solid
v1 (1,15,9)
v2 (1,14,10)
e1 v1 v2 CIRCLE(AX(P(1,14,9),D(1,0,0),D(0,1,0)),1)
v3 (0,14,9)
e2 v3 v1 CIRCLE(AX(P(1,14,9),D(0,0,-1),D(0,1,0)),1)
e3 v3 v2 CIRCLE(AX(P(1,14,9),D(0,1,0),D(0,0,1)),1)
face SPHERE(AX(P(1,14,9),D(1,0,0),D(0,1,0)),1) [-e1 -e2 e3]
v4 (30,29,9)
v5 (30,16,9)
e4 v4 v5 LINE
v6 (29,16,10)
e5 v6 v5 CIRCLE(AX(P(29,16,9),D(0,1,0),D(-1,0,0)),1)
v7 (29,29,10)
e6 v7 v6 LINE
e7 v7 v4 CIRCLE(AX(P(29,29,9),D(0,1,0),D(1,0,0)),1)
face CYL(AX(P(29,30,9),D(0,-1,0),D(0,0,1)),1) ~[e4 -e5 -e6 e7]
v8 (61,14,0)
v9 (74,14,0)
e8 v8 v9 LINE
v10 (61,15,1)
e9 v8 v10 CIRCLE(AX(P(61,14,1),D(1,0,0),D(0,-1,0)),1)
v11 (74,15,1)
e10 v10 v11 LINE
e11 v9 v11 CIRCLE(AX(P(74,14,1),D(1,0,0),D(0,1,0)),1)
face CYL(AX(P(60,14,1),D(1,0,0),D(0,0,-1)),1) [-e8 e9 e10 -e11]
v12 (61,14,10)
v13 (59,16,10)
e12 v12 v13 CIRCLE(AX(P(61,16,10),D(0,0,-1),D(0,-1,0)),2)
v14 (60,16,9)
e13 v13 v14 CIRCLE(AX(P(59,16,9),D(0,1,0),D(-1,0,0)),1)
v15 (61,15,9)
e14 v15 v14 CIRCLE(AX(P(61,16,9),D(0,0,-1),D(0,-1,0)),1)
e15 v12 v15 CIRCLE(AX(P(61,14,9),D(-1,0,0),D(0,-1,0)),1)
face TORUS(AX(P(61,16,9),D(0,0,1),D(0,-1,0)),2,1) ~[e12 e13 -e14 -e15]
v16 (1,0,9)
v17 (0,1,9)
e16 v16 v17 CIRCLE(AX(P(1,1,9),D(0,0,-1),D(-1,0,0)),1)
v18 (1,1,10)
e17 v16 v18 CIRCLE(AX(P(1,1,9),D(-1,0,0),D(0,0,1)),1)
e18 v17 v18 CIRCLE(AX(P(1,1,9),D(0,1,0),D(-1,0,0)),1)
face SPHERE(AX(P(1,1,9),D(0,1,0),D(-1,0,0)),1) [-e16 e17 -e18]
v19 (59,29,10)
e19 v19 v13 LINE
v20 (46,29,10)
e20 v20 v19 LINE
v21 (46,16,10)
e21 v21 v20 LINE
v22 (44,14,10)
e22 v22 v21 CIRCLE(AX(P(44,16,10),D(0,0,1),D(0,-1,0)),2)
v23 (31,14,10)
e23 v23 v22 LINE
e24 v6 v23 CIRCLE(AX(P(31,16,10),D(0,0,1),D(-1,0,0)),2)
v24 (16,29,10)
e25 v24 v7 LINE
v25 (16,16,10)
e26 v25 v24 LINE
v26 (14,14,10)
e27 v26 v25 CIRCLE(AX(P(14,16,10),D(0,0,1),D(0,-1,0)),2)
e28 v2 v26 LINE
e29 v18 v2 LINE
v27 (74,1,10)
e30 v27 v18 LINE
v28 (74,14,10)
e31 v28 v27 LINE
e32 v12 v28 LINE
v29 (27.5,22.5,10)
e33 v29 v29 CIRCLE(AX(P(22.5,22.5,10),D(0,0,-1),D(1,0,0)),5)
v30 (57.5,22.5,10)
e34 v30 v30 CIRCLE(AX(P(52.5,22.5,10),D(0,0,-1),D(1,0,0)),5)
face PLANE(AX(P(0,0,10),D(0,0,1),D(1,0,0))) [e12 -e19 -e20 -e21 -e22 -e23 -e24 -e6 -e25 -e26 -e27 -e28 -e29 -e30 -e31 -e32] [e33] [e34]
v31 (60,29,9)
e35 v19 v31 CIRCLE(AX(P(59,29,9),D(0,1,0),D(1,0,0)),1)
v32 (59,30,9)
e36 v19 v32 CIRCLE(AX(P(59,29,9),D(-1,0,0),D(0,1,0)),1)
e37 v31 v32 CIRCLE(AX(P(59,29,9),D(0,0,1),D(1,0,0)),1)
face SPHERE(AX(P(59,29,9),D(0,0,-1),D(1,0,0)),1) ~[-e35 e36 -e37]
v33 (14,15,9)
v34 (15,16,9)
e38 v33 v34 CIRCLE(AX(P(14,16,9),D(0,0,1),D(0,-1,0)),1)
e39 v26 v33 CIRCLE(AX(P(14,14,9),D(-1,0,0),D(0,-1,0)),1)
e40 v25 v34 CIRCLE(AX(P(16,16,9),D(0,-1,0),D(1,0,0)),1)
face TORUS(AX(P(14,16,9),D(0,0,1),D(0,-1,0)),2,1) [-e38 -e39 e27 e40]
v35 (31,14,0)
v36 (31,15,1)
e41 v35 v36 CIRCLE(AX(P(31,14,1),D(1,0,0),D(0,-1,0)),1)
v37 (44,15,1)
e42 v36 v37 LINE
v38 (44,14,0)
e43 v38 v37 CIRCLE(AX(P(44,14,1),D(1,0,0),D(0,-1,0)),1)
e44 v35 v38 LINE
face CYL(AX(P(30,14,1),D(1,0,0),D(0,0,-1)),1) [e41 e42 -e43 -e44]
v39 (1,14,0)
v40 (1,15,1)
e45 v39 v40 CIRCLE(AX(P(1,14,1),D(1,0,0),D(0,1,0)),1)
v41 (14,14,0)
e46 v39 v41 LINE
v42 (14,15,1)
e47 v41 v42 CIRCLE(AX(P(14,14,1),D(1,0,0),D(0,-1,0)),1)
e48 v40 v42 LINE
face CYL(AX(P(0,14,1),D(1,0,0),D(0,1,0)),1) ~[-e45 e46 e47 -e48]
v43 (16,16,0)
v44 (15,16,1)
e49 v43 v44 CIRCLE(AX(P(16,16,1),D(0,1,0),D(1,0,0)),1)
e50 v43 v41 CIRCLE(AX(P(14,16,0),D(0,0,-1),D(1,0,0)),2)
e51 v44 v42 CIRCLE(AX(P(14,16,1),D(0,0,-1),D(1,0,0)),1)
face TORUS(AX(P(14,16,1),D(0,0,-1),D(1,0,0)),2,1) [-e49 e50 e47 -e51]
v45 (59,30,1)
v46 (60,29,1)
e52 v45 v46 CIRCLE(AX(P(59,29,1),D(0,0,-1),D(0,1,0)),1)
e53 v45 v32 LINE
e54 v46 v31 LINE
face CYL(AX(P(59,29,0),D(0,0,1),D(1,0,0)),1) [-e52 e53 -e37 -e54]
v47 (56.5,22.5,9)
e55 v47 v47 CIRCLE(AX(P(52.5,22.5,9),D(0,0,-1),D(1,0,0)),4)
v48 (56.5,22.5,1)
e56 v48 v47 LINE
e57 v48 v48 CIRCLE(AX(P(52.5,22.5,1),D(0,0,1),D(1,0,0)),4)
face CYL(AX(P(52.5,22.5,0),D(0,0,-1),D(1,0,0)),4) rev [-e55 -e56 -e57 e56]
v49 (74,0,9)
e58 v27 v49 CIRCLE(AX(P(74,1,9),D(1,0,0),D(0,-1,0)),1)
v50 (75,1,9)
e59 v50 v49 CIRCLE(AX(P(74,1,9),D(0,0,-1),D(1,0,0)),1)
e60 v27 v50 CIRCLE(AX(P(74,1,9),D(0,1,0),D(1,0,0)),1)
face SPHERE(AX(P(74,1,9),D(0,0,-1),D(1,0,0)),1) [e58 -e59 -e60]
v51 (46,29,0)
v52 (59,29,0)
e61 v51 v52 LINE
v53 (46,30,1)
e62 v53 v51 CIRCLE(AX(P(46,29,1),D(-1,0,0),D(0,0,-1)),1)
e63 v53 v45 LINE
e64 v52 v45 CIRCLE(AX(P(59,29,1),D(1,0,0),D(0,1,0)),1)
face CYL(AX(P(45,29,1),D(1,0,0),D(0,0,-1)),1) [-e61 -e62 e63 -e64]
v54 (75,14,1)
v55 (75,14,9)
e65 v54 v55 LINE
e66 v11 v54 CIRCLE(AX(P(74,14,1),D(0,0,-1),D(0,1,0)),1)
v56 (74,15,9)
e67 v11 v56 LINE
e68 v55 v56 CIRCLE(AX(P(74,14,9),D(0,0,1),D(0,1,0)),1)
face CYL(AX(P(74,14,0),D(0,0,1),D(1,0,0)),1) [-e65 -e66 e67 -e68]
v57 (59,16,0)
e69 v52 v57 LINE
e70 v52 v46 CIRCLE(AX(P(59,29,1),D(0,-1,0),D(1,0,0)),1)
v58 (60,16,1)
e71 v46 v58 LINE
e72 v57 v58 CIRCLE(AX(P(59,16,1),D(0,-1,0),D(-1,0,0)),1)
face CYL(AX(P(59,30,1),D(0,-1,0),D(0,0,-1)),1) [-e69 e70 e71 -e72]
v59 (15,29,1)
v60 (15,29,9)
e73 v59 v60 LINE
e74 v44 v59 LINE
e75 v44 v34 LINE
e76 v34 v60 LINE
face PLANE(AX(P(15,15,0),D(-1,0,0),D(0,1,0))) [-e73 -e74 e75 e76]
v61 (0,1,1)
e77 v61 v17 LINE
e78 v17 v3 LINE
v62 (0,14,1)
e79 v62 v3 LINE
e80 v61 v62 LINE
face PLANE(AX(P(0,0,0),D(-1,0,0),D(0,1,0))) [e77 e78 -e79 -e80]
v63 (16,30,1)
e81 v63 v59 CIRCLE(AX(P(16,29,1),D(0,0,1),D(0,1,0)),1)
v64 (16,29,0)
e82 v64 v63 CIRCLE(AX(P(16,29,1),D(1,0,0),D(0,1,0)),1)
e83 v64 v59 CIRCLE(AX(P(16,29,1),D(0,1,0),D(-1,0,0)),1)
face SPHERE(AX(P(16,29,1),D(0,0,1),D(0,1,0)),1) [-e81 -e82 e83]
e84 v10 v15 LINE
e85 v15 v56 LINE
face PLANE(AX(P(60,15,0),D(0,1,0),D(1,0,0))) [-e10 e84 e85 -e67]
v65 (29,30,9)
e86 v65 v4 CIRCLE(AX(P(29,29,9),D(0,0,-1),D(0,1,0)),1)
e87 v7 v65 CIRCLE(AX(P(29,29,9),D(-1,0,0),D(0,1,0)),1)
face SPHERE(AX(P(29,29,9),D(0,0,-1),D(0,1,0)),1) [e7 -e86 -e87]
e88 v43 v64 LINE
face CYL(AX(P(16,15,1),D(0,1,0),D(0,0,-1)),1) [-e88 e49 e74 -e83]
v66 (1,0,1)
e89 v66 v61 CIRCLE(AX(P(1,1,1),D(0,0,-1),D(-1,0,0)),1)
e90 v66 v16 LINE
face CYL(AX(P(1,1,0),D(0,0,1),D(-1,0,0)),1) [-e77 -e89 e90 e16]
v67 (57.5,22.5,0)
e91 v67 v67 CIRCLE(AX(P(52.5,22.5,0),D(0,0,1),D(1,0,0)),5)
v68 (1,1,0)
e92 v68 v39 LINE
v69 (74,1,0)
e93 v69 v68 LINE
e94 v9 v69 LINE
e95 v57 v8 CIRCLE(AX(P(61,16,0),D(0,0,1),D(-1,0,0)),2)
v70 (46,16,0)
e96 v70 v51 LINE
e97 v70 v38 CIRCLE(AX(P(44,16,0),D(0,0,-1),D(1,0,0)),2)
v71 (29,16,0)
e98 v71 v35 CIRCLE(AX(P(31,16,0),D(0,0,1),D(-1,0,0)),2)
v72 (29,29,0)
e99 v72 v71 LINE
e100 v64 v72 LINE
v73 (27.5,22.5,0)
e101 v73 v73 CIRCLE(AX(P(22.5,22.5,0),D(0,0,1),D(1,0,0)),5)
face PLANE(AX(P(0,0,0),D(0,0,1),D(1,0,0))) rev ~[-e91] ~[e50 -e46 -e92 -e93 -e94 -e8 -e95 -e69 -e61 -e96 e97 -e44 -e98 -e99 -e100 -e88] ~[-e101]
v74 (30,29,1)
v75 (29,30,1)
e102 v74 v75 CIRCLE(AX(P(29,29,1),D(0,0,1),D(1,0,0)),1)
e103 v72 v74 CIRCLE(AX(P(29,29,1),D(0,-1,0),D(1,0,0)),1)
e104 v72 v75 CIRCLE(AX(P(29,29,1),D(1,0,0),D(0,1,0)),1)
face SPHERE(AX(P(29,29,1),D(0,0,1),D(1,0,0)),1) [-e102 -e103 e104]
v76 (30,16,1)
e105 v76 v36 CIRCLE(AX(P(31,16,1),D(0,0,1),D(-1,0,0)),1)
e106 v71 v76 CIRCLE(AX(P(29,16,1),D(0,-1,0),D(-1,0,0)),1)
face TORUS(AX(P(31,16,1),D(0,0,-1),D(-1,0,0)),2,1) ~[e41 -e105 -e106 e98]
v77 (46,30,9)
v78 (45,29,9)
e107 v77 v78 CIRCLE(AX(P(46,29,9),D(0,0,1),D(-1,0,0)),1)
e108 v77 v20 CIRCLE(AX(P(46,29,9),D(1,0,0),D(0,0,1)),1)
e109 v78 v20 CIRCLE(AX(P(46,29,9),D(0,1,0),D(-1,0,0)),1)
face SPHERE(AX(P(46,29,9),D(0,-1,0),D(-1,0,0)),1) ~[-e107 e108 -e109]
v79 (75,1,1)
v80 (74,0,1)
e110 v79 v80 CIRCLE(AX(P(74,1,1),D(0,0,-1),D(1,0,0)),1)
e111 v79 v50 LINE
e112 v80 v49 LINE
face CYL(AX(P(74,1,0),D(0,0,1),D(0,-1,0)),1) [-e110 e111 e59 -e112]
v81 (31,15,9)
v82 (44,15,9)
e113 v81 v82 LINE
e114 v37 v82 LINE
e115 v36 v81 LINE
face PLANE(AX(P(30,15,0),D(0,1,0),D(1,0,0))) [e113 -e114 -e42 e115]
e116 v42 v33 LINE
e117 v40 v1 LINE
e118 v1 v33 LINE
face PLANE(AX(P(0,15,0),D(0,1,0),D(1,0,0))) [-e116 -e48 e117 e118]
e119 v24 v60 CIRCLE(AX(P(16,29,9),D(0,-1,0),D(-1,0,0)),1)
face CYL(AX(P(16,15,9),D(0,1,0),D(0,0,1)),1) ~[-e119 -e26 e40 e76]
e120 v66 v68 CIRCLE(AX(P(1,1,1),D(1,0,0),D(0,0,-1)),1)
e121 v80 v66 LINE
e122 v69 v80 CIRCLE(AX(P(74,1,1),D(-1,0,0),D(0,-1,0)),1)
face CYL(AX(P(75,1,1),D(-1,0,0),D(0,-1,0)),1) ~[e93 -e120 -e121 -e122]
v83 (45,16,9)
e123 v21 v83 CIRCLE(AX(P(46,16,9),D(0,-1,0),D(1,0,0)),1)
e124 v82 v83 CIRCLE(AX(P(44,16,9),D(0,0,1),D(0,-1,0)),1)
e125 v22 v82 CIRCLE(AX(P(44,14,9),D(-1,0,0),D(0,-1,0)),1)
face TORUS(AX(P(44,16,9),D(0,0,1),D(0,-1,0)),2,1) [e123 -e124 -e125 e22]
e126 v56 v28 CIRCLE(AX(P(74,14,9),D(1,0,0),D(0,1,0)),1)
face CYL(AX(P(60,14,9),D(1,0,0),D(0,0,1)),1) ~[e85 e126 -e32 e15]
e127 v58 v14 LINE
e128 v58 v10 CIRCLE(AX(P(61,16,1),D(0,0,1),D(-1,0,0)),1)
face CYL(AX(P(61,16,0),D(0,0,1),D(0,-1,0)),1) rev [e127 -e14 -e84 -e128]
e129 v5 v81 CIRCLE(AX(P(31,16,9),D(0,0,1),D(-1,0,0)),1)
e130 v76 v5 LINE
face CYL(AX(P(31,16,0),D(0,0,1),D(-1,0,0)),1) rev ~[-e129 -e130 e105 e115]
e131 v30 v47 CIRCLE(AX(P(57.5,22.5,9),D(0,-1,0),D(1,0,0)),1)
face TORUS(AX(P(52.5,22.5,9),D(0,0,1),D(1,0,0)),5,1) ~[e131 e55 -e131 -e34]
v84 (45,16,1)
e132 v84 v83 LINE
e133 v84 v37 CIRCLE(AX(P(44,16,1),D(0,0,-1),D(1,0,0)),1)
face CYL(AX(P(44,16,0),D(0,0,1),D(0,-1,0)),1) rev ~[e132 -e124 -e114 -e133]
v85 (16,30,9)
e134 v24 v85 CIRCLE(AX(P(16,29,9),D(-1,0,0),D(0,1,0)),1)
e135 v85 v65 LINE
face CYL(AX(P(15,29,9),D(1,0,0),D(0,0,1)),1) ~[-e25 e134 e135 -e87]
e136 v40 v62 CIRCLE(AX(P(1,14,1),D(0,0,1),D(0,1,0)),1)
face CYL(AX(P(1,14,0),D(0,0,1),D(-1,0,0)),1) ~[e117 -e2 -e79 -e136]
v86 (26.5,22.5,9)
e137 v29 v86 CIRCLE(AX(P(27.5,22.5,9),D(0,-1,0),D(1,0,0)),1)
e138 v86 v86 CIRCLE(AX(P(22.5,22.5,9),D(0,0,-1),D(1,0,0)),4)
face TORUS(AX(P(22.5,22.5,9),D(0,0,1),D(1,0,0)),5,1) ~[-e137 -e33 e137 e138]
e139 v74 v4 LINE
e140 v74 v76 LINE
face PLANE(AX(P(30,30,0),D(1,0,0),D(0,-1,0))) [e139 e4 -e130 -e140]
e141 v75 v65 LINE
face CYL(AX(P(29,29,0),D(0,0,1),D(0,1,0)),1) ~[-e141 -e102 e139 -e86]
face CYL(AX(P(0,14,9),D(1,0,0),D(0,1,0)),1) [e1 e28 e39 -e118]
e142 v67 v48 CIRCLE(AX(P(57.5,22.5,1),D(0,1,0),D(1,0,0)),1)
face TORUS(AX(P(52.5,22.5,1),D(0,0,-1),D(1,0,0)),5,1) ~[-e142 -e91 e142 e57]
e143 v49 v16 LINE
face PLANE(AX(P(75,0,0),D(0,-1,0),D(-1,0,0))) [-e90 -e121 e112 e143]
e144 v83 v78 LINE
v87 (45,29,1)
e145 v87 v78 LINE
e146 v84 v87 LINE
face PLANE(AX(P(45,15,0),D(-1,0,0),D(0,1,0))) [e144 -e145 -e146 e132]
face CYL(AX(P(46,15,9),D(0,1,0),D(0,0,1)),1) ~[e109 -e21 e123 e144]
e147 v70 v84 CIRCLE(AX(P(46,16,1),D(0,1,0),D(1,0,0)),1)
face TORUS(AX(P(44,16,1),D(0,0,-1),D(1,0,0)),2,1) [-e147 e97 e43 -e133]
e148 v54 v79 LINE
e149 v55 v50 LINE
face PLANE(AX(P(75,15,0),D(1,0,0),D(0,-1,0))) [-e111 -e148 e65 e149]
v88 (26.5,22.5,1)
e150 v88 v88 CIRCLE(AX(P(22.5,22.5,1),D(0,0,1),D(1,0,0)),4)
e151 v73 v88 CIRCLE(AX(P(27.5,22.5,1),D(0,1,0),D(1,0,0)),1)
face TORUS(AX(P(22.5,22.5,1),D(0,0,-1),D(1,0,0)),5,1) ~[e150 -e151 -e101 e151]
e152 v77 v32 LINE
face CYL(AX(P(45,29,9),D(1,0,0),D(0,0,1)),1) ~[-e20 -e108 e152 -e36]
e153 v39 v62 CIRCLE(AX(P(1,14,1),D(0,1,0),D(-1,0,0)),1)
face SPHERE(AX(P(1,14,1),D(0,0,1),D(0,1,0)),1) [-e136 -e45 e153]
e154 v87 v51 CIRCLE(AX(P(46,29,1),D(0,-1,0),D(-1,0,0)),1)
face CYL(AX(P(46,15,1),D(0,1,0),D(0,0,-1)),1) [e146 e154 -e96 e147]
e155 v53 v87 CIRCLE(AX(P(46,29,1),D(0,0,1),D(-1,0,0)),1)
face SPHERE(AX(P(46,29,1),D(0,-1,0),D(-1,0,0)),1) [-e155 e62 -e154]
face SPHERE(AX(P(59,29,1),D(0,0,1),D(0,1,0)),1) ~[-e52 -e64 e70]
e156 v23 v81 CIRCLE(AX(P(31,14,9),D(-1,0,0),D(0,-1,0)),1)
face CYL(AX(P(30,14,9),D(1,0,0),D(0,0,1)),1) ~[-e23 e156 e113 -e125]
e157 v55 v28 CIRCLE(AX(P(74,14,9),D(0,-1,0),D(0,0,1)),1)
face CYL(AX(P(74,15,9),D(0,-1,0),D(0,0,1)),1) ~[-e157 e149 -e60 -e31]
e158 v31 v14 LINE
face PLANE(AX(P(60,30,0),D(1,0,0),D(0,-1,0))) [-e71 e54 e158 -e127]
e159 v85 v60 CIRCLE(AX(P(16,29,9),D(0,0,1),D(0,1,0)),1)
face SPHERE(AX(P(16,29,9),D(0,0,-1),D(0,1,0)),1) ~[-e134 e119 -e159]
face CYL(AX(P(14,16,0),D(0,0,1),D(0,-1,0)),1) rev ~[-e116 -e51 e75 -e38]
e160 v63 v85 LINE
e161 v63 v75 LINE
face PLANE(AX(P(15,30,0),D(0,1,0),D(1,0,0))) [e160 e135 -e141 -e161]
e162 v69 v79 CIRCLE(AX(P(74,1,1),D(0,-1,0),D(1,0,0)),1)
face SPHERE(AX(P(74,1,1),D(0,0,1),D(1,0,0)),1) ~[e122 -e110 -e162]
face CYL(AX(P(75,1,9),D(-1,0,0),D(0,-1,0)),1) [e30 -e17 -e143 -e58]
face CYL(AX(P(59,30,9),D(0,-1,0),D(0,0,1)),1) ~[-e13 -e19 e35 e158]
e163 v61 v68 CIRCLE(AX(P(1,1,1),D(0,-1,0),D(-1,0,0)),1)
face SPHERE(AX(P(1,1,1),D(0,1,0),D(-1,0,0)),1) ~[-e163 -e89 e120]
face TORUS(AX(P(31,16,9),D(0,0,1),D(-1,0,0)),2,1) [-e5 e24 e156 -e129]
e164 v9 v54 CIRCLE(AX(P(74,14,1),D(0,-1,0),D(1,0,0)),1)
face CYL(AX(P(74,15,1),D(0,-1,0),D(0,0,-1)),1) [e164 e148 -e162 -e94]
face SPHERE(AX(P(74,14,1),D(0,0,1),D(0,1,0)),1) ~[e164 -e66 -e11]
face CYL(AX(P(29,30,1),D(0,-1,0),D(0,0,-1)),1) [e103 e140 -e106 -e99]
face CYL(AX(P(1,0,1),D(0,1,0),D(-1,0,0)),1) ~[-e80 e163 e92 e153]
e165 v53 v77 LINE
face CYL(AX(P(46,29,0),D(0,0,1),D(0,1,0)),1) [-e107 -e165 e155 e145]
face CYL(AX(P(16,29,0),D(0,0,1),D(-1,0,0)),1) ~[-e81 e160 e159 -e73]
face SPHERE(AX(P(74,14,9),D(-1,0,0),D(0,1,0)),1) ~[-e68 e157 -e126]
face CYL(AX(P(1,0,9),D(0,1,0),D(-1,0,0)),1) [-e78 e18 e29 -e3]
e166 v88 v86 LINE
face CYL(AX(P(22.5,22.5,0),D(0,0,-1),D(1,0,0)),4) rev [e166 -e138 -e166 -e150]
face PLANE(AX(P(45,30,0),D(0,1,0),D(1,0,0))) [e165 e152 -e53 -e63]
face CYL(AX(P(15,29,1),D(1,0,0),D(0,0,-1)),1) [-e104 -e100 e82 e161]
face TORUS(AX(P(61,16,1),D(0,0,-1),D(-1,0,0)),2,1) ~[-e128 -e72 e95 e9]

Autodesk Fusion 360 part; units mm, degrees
sketch "Sketch1" plane through (0, 0, 0) normal (0, 1, 0) x (1, 0, 0)
sketch "Sketch2" plane through (0, 0, 0) normal (0, 0, 1) x (1, 0, 0)
  line L0 (0, 0) -> (0, 15)
  line L1 (0, 15) -> (15, 15)
  line L2 (15, 15) -> (15, 30)
  line L3 (15, 30) -> (30, 30)
  line L4 (30, 30) -> (30, 15)
  line L5 (30, 15) -> (45, 15)
  line L6 (45, 15) -> (45, 30)
  line L7 (45, 30) -> (60, 30)
  line L8 (60, 30) -> (60, 15)
  line L9 (60, 15) -> (75, 15)
  line L10 (75, 15) -> (75, 0)
  line L11 (75, 0) -> (0, 0)
extrude "Extrude1" add sketch "Sketch2" along normal blind 10
sketch "Sketch3" plane through (0, 0, 0) normal (0, 0, 1) x (1, 0, 0)
  circle A0 centre (22.5, 22.5) radius 4
  circle A1 centre (52.5, 22.5) radius 4
  point P0 (15, 30)
  dimension "d3" = 8
  dimension "d4" = 7.5
  dimension "d5" = 7.5
  dimension "d8" = 30
  dimension "d9" = 0
extrude "Extrude2" cut sketch "Sketch3" along normal blind 26
fillet "Fillet1" radius 1 40 edges at (60, 30, 5) (30, 30, 5) (7.5, 15, 10) (15, 30, 5) (30, 22.5, 0) (60, 22.5, 10) (45, 22.5, 0) (37.5, 15, 0) (18.7707, 21.0535, 0) (48.7707, 21.0535, 0) (45, 22.5, 10) (22.5, 30, 10) (45, 30, 5) (30, 15, 5) (45, 15, 5) (30, 22.5, 10) (52.5, 30, 10) (15, 22.5, 10) (37.5, 15, 10) (15, 15, 5) (0, 15, 5) (22.5, 30, 0) (60, 15, 5) (52.5, 30, 0) (67.5, 15, 10) (60, 22.5, 0) (15, 22.5, 0) (7.5, 15, 0) (75, 15, 5) (0, 7.5, 10) (67.5, 15, 0) (0, 7.5, 0) (75, 0, 5) (75, 7.5, 0) (0, 0, 5) (75, 7.5, 10) (37.5, 0, 10) (18.7707, 23.9465, 10) (37.5, 0, 0) (48.7707, 23.9465, 10) 16 faces at (50, 30, 3.3333) (56.4801, 22.8983, 6.6667) (65, 15, 3.3333) (45, 20, 3.3333) (26.4801, 22.8983, 6.6667) (20, 30, 3.3333) (75, 10, 3.3333) (30, 25, 3.3333) (35, 15, 3.3333) (60, 25, 3.3333) (35, 5, 0) (35, 5, 10) (5, 15, 3.3333) (0, 5, 3.3333) (15, 20, 3.3333) (50, 0, 3.3333)
